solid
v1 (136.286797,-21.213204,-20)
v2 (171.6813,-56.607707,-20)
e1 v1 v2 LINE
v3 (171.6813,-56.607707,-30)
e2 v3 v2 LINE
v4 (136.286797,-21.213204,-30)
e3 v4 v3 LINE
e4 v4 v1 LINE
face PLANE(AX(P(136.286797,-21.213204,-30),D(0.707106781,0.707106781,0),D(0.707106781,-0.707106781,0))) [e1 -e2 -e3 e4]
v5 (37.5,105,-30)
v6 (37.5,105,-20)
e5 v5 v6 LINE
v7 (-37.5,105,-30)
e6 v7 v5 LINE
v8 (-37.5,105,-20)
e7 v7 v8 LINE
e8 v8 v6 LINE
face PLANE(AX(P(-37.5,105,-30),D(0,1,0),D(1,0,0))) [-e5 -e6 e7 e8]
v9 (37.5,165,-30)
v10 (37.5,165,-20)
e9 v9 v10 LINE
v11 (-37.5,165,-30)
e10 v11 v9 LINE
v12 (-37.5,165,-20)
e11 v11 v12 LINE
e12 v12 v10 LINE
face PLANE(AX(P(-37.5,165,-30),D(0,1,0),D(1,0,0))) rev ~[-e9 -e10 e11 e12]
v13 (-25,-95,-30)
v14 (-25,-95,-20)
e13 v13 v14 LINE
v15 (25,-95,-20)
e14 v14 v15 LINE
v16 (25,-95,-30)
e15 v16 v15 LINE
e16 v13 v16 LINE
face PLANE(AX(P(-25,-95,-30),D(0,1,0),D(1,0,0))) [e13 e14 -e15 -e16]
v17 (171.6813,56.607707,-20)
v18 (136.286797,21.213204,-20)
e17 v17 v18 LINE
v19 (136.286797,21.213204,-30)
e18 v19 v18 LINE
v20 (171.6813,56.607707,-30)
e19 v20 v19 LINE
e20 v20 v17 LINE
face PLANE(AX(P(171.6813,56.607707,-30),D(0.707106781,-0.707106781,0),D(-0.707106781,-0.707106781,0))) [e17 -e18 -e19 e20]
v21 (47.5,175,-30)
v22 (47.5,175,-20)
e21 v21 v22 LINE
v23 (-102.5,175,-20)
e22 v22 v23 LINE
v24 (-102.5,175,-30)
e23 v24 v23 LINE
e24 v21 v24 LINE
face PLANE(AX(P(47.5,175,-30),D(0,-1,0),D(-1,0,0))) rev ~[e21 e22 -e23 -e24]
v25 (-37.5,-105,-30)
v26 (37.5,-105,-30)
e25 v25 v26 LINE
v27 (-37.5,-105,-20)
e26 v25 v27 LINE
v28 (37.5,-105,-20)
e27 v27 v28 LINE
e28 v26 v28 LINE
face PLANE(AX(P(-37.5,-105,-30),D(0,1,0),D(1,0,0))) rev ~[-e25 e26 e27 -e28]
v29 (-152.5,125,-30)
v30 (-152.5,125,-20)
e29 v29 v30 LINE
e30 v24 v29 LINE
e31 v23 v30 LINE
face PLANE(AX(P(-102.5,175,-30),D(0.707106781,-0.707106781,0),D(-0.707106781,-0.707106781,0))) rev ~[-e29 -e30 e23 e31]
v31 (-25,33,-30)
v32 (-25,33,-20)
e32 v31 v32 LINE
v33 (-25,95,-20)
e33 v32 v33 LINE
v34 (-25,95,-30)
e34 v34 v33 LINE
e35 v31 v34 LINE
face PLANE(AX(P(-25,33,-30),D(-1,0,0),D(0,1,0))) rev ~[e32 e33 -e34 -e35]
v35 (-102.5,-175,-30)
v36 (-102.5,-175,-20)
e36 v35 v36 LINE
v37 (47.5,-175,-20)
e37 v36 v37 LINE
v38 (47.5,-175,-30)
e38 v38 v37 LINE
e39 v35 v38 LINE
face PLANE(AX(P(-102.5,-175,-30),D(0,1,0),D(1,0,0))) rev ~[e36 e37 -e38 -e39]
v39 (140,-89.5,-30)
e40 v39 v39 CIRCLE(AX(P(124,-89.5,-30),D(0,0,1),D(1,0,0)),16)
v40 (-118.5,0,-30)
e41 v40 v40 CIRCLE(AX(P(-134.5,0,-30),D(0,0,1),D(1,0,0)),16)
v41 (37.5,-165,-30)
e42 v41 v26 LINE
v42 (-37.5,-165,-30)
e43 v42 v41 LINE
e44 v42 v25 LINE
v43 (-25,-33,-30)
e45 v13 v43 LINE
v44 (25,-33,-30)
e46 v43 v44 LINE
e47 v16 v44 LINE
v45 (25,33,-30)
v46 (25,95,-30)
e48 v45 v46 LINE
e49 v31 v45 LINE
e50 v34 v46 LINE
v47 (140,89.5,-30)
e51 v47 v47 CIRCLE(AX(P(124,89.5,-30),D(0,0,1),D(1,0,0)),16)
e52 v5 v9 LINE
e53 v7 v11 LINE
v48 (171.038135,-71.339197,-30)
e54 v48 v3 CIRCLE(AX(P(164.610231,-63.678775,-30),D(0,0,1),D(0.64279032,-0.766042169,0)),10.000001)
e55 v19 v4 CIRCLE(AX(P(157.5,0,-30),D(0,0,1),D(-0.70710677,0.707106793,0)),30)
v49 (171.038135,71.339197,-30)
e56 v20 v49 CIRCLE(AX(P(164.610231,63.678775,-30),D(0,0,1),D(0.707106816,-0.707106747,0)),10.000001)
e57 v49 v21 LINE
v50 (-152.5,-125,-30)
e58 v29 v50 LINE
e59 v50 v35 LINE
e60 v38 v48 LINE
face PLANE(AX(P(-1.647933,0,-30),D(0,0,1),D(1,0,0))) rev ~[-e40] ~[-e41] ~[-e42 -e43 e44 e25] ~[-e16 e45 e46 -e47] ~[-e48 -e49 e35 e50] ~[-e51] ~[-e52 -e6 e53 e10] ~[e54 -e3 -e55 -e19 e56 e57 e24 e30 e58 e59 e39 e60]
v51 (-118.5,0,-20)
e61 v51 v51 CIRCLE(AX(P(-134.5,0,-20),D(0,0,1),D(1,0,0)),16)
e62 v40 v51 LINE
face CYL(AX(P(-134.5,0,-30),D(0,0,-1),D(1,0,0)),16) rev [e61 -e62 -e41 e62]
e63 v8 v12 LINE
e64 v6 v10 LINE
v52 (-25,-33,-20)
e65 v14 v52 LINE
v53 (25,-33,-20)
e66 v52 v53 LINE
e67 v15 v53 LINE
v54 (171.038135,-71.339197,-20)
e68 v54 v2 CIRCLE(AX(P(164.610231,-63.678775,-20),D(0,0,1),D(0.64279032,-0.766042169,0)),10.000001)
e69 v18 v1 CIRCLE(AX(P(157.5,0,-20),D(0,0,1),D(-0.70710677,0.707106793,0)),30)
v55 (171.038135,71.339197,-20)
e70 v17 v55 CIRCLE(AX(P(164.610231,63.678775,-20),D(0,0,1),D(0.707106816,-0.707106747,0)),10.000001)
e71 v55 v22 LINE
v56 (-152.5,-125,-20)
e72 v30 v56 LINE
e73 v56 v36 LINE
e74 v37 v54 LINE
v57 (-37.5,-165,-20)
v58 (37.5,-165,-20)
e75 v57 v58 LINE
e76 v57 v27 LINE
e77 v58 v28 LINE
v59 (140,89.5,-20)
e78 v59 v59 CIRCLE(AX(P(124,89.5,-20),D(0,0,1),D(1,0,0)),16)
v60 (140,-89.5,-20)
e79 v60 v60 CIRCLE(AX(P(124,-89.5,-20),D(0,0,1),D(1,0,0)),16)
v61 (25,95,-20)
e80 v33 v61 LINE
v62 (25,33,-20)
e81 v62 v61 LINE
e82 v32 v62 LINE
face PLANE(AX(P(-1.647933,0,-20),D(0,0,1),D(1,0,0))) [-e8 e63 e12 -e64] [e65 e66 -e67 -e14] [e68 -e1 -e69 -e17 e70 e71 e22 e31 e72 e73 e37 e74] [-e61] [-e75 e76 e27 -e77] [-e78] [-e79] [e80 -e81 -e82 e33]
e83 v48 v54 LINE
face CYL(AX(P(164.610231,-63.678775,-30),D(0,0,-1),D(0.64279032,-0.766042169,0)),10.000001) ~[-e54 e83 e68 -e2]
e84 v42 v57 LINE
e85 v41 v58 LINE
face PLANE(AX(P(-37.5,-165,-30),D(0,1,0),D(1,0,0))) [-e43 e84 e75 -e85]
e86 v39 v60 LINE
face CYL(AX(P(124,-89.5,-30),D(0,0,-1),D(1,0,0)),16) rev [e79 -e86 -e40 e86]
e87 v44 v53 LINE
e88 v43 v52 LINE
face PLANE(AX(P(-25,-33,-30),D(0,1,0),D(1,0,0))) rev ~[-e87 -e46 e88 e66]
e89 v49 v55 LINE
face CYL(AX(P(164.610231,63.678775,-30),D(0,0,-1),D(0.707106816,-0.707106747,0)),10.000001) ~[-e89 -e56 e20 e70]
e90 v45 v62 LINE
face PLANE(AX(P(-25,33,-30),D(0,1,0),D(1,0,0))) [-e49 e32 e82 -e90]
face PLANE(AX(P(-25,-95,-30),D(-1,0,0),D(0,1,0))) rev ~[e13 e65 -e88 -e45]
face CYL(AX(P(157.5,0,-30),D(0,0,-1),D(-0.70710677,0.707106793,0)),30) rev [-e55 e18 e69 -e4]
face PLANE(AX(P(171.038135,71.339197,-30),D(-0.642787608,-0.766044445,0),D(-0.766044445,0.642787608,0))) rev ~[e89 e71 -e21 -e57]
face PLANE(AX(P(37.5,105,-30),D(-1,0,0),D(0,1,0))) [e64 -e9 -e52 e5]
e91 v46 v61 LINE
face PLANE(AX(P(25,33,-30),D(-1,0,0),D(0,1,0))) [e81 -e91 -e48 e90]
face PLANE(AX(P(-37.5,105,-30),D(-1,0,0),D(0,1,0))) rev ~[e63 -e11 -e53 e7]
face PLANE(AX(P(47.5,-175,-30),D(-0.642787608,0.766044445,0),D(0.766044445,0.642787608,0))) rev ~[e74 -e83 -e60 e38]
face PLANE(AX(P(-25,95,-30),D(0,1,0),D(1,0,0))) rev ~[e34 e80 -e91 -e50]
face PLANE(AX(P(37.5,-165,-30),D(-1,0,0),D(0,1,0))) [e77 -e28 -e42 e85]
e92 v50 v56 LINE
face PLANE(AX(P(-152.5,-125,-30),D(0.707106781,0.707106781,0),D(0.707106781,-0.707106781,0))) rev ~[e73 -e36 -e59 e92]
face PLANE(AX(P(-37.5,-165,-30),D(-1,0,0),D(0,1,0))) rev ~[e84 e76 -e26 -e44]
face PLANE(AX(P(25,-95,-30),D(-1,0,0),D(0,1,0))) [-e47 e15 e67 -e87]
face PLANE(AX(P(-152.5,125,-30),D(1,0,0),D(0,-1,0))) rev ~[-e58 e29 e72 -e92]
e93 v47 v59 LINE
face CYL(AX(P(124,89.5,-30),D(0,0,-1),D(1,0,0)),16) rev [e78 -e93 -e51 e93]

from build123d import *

# Parameters (mm, degrees)
SKETCH_R      = 16
SKETCH_W      = 75
SKETCH_H      = 60
SKETCH_W_2    = 50
SKETCH_H_2    = 62
EXTRUDE_DEPTH = 10


with BuildPart() as part:
    # Sketch → Extrude (new body)
    with BuildSketch(Plane.XY):
        with BuildLine():
            Line((-152.5, 125), (-152.5, -125))
            Line((-152.5, -125), (-102.5, -175))
            Line((-102.5, -175), (47.5, -175))
            Line((47.5, -175), (171.038135, -71.339197))
            ThreePointArc((171.038135, -71.339197), (174.600715, -64.114951), (171.6813, -56.607707))
            Line((136.286797, -21.213204), (171.6813, -56.607707))
            ThreePointArc((136.286797, 21.213204), (127.5, 0), (136.286797, -21.213204))
            Line((171.6813, 56.607707), (136.286797, 21.213204))
            ThreePointArc((171.6813, 56.607707), (174.600715, 64.114951), (171.038135, 71.339197))
            Line((171.038135, 71.339197), (47.5, 175))
            Line((47.5, 175), (-102.5, 175))
            Line((-102.5, 175), (-152.5, 125))
        make_face()
        with Locations((124, 89.5)):
            Circle(SKETCH_R, mode=Mode.SUBTRACT)
        with Locations((124, -89.5)):
            Circle(SKETCH_R, mode=Mode.SUBTRACT)
        with Locations((-134.5, 0)):
            Circle(SKETCH_R, mode=Mode.SUBTRACT)
        with Locations((0, 135)):
            Rectangle(SKETCH_W, SKETCH_H, mode=Mode.SUBTRACT)
        with Locations((0, -135)):
            Rectangle(SKETCH_W, SKETCH_H, mode=Mode.SUBTRACT)
        with Locations((0, 64)):
            Rectangle(SKETCH_W_2, SKETCH_H_2, mode=Mode.SUBTRACT)
        with Locations((0, -64)):
            Rectangle(SKETCH_W_2, SKETCH_H_2, mode=Mode.SUBTRACT)
    extrude(amount=EXTRUDE_DEPTH)


with BuildPart() as part_1:
    # Extrude placement: moved
    add(part.part.moved(Location((0, 0, -30))))


solid = part_1.part
